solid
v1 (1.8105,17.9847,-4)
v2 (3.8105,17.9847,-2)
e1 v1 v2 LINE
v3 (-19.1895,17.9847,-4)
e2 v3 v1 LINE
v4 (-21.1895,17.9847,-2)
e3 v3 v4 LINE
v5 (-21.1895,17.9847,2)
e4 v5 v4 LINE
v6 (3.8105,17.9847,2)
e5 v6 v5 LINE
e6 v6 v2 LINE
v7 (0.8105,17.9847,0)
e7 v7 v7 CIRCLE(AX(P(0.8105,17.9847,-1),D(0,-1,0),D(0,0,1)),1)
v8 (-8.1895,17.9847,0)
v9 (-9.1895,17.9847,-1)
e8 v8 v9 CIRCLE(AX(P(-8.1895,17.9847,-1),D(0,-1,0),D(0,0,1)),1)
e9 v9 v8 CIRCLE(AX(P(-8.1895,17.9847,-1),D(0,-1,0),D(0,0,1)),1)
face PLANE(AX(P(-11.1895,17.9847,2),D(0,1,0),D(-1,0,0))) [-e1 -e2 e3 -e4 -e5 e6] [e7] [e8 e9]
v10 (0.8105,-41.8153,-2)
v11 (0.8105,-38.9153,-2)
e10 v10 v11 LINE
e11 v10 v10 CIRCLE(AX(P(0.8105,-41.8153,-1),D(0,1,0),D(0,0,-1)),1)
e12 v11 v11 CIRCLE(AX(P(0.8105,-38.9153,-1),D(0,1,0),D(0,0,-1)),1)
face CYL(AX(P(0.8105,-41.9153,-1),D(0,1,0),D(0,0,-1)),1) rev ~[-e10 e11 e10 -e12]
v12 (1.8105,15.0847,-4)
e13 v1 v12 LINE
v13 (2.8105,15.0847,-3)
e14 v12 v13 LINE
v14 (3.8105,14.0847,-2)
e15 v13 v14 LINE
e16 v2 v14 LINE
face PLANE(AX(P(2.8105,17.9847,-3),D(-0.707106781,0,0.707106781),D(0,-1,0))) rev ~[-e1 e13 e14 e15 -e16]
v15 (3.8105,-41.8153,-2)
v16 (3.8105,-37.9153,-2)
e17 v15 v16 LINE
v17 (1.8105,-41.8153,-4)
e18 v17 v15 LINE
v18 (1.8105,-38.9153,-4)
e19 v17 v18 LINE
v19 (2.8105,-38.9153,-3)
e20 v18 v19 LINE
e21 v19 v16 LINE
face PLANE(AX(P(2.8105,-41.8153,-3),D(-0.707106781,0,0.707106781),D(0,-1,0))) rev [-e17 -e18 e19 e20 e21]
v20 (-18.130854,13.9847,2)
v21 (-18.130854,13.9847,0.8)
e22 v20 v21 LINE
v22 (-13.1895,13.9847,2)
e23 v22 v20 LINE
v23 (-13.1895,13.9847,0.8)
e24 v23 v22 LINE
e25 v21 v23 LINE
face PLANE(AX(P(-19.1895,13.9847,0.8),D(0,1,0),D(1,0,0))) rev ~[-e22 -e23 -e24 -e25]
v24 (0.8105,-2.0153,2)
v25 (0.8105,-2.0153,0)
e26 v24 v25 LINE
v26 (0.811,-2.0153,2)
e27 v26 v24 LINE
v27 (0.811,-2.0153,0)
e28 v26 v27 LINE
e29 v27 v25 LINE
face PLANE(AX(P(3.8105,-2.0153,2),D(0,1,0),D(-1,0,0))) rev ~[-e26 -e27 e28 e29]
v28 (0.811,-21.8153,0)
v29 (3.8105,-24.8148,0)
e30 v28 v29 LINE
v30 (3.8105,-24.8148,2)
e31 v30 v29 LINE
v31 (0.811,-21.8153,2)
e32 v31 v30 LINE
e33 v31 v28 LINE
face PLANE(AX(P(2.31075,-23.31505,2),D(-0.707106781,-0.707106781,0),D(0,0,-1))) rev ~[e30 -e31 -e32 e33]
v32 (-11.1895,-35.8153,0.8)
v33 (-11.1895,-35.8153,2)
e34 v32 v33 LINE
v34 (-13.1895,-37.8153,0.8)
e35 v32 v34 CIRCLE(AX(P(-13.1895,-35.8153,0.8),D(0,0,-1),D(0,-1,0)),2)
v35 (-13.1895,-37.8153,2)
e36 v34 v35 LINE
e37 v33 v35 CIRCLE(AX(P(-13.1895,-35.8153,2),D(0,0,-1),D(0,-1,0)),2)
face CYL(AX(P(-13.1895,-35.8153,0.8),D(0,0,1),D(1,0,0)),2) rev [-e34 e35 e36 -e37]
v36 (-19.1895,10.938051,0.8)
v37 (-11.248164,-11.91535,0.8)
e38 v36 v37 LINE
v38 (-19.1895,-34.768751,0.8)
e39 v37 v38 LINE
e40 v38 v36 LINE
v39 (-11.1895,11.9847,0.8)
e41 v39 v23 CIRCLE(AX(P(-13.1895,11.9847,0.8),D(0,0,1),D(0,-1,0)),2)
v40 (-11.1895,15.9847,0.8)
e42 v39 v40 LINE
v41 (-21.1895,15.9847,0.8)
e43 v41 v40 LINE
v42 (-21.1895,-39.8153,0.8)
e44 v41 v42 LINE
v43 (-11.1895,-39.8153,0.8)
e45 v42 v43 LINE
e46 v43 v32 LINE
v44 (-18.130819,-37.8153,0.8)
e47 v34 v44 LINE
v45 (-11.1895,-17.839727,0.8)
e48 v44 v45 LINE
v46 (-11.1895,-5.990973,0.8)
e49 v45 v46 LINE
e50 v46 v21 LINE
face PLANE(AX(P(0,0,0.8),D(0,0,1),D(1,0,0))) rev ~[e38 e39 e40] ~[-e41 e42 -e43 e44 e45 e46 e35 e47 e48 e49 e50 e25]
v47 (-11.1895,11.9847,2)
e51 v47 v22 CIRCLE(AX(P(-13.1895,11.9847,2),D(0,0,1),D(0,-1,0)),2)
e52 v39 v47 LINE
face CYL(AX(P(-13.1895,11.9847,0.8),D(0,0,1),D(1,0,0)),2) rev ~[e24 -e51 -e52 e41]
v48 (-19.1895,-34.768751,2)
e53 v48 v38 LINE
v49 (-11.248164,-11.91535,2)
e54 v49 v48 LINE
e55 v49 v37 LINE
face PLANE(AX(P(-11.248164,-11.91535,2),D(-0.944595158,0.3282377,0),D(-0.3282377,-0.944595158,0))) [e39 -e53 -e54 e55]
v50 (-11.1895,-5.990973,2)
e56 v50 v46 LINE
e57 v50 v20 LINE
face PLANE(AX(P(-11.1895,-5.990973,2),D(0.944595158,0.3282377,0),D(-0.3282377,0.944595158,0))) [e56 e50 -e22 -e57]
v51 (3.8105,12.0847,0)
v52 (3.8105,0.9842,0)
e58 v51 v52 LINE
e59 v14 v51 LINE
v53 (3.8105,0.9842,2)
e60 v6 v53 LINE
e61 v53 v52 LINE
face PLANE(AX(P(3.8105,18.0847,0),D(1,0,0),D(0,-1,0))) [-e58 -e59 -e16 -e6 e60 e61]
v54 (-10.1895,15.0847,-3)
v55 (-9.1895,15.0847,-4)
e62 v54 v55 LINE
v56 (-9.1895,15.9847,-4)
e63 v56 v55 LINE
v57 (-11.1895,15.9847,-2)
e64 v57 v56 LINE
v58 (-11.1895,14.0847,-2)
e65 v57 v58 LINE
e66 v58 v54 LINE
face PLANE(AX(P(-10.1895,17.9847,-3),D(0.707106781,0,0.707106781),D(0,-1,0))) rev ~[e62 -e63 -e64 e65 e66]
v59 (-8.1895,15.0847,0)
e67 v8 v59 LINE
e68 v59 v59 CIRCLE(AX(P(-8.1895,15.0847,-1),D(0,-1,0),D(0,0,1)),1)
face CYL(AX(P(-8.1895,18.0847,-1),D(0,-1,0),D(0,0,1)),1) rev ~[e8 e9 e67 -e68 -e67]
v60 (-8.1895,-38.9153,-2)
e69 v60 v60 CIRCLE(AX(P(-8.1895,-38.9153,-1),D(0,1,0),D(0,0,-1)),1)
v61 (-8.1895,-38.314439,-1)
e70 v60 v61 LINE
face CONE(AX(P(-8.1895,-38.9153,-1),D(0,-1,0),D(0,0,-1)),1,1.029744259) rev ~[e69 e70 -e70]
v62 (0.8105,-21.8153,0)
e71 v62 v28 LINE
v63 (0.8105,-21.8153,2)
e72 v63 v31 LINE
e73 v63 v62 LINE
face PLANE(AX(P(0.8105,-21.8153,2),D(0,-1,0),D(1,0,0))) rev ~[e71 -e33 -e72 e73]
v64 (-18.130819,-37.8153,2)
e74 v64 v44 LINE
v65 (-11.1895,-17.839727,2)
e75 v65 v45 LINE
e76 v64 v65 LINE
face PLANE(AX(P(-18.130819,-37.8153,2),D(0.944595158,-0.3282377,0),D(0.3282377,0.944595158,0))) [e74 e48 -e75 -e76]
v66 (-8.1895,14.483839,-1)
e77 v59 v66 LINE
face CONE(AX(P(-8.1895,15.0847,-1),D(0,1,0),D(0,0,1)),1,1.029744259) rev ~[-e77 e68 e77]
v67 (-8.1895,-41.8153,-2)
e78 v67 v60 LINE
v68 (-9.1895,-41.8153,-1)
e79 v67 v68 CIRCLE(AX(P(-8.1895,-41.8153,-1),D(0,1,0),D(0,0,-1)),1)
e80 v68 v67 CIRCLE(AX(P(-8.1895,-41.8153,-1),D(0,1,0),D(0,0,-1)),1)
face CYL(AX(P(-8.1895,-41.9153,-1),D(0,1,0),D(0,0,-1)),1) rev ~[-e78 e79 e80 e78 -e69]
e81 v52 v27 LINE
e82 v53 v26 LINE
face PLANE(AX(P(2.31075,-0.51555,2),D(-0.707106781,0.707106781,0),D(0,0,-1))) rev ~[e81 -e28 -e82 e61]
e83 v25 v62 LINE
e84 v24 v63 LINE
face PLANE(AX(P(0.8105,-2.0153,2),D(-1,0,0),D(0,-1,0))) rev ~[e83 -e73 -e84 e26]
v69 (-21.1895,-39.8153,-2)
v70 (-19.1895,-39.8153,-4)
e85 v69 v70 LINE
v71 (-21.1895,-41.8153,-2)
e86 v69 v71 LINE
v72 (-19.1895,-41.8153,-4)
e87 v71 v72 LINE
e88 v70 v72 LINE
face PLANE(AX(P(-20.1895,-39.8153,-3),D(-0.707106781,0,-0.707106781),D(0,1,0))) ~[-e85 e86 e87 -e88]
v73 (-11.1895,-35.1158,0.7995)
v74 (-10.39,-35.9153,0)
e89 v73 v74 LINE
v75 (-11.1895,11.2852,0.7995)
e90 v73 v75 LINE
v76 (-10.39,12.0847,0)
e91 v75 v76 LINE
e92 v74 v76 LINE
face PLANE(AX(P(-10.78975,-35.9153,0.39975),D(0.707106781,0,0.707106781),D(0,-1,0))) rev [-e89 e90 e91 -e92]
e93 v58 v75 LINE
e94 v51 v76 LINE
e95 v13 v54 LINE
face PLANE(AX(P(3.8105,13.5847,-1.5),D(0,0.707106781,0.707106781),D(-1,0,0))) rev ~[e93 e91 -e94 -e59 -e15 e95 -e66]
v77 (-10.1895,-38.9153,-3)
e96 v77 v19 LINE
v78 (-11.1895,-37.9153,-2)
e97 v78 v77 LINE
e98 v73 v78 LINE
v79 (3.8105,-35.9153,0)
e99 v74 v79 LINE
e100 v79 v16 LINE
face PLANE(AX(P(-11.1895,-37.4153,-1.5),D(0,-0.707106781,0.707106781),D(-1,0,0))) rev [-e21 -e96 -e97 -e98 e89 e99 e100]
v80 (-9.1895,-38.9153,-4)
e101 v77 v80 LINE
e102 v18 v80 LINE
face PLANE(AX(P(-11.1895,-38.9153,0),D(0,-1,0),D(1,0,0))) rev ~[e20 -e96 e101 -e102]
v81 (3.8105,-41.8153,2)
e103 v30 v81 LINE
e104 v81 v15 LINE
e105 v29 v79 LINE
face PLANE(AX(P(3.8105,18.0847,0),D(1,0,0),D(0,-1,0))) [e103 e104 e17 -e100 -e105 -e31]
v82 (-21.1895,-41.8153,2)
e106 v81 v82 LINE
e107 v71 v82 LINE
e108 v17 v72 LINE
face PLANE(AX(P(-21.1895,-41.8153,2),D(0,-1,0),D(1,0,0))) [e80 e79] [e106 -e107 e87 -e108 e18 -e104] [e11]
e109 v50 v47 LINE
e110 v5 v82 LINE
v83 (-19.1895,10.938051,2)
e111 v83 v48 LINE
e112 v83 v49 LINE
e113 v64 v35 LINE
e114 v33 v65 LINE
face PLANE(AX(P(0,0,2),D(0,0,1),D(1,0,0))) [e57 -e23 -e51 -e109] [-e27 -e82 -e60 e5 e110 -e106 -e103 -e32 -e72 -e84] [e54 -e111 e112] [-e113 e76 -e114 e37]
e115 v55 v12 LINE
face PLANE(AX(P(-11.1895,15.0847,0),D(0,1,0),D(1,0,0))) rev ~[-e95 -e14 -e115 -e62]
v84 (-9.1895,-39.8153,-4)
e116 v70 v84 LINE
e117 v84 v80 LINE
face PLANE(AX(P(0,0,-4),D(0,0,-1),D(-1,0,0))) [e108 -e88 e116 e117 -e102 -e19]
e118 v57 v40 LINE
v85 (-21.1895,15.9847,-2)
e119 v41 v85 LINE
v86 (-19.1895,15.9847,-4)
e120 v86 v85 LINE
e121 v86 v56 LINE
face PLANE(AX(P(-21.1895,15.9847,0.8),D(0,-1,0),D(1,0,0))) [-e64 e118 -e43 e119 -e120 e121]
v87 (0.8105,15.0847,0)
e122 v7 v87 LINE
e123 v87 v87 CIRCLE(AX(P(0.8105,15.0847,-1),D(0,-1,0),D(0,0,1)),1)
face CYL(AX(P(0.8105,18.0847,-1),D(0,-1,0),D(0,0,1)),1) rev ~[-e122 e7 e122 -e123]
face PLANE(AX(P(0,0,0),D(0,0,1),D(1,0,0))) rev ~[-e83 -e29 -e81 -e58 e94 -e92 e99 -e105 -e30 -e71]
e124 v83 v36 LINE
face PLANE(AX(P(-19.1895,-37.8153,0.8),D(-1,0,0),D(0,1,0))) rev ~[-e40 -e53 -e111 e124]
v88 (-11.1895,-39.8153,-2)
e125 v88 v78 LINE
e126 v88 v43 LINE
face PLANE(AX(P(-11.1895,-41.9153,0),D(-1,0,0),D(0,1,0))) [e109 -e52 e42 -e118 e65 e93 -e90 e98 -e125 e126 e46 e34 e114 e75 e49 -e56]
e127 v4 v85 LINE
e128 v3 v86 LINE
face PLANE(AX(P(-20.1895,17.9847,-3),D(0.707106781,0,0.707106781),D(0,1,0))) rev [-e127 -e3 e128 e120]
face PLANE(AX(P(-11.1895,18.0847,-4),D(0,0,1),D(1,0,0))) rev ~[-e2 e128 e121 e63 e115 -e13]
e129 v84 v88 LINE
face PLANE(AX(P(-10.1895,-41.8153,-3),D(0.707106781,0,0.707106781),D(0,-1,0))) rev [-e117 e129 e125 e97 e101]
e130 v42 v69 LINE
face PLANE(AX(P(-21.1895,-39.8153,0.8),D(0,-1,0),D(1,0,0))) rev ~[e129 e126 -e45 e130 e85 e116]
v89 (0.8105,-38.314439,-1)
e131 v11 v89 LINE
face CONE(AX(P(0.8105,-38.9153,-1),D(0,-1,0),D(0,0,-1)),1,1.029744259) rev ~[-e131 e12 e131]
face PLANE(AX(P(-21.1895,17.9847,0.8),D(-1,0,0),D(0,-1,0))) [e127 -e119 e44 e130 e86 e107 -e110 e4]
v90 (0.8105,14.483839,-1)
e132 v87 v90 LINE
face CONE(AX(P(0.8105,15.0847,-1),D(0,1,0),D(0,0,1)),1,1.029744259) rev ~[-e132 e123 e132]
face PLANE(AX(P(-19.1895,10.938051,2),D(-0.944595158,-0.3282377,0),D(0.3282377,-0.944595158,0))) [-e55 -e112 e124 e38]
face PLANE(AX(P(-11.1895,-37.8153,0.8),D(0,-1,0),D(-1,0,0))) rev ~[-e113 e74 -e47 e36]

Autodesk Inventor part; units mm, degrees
ref_plane "YZ Plane" through (0, 0, 0) normal (1, 0, 0) x (0, 1, 0)
ref_plane "XZ Plane" through (0, 0, 0) normal (0, 1, 0) x (-1, 0, 0)
ref_plane "XY Plane" through (0, 0, 0) normal (0, 0, 1) x (1, 0, 0)
sketch "Sketch1" plane through (0, 0, 0) normal (0, 0, 1) x (1, 0, 0)
  line L0 (-11.1895, 18.0847) -> (3.8105, 18.0847)
  line L1 (3.8105, 18.0847) -> (3.8105, -41.9153)
  line L2 (3.8105, -41.9153) -> (-11.1895, -41.9153)
  line L3 (-11.1895, -41.9153) -> (-11.1895, 18.0847)
  point P0 (0, 0)
  dimension "d0" = 15
  dimension "d1" = 60
extrude "Extrusion1" add sketch "Sketch1" along normal blind 2
sketch "Sketch2" plane through (-11.1895, -41.9153, 0) normal (0, -1, 0) x (1, 0, 0)
  line L0 (0, 2) -> (15, 2) projected
  line L1 (0, 2) -> (15, 2)
  line L2 (15, 2) -> (15, -4)
  line L3 (15, -4) -> (0, -4)
  line L4 (0, -4) -> (0, 2)
  line L5 (15, 0) -> (15, 2) projected
  point P0 (11.1895, 0)
  dimension "d4" = 6
extrude "Extrusion2" add sketch "Sketch2" against normal blind 3
sketch "Sketch3" plane through (-11.1895, 18.0847, 0) normal (0, 1, 0) x (1, 0, 0)
  line L0 (0, -2) -> (15, -2) projected
  line L1 (0, -2) -> (0, 4) projected
  line L2 (15, -2) -> (0, -2)
  line L3 (0, -2) -> (0, 4)
  line L4 (0, 4) -> (15, 4)
  line L5 (15, 4) -> (15, -2)
  point P0 (11.1895, 0)
extrude "Extrusion3" add sketch "Sketch3" against normal blind 3
chamfer "Chamfer1" distance 3 angle 45 2 edges at (-3.6895, 15.0847, 0) (-3.6895, -38.9153, 0)
sketch "Sketch4" plane through (-11.1895, -41.9153, 2) normal (0, -1, 0) x (1, 0, 0)
  line L0 (15, -6) -> (15, 0) projected
  line L1 (0, 0) -> (15, 0) projected
  point P0 (11.1895, -2)
  point P1 (12, -3)
  point P2 (3, -3)
  dimension "d12" = 3
  dimension "d13" = 12
  dimension "d14" = 3
  dimension "d15" = 3
hole "Hole1" at (0.8105, -41.9153, -1) at (-8.1895, -41.9153, -1) direction (0, 1, 0) diameter 2 depth 3 tip angle 118
sketch "Sketch5" plane through (-11.1895, 18.0847, 2) normal (0, 1, 0) x (1, 0, 0)
  circle A0 centre (12, 3) radius 1 projected
  circle A1 centre (3, 3) radius 1 projected
  point P0 (11.1895, 2)
hole "Hole2" at (0.8105, 18.0847, -1) at (-8.1895, 18.0847, -1) direction (0, -1, 0) diameter 2 depth 3 tip angle 118
sketch "Sketch6" plane through (0, 0, 2) normal (0, 0, 1) x (1, 0, 0)
  line L0 (3.8105, -41.9153) -> (-11.1895, -41.9153)
  line L1 (-11.1895, -41.9153) -> (-11.1895, -41.8153)
  line L2 (-11.1895, -41.8153) -> (3.8105, -41.8153)
  line L3 (3.8105, -41.8153) -> (3.8105, -41.9153)
  line L4 (3.8105, 17.9847) -> (-11.1895, 17.9847)
  line L5 (-11.1895, 17.9847) -> (-11.1895, 18.0847)
  line L6 (-11.1895, 18.0847) -> (3.8105, 18.0847)
  line L7 (3.8105, 18.0847) -> (3.8105, 17.9847)
  line L8 (3.8105, -41.9153) -> (3.8105, 18.0847) projected
  line L9 (3.8105, 18.0847) -> (-11.1895, 18.0847) projected
  line L10 (-11.1895, 18.0847) -> (-11.1895, -41.9153) projected
  line L11 (-11.1895, -41.9153) -> (3.8105, -41.9153) projected
  point P0 (0, 0)
  dimension "d30" = 0.1
  dimension "d31" = 0.1
extrude "Extrusion4" cut sketch "Sketch6" against normal blind 30 contours L0 L1 L2 L3 | L4 L5 L6 L7
chamfer "Chamfer2" distance 2 angle 45 2 edges at (3.8105, -40.3653, -4) (3.8105, 16.5347, -4)
chamfer "Chamfer3" distance 2 angle 45 2 edges at (-11.1895, 16.5347, -4) (-11.1895, -40.3653, -4)
sketch "Sketch7" plane through (0, 0, 2) normal (0, 0, 1) x (1, 0, 0)
  line L0 (3.8105, -41.8153) -> (3.8105, 17.9847) projected
  line L1 (3.8105, -2.0153) -> (0.8105, -2.0153)
  line L2 (0.8105, -2.0153) -> (0.8105, -21.8153)
  line L3 (0.8105, -21.8153) -> (3.8105, -21.8153)
  line L4 (3.8105, -21.8153) -> (3.8105, -2.0153)
  line L5 (3.8105, 17.9847) -> (-11.1895, 17.9847) projected
  line L6 (-11.1895, -41.8153) -> (3.8105, -41.8153) projected
  point P0 (0, 0)
  dimension "d40" = 3
  dimension "d41" = 20
  dimension "d42" = 20
extrude "Extrusion5" cut sketch "Sketch7" against normal blind 2
chamfer "Chamfer4" distance 3 angle 45 2 edges at (3.8105, -2.0153, 1) (3.8105, -21.8153, 1)
sketch "Sketch8" plane through (0, 0, 2) normal (0, 0, 1) x (1, 0, 0)
  line L0 (-11.1895, 14.0847) -> (-11.1895, 17.9847) projected
  line L1 (-11.1895, 17.9847) -> (-21.1895, 17.9847)
  line L2 (-21.1895, 17.9847) -> (-21.1895, -41.8153)
  line L3 (-21.1895, -41.8153) -> (-11.1895, -41.8153)
  line L4 (-11.1895, -41.8153) -> (-11.1895, 17.9847)
  line L5 (-11.1895, -41.8153) -> (3.8105, -41.8153) projected
  point P0 (0, 0)
  dimension "d48" = 10
extrude "Extrusion6" add sketch "Sketch8" against normal blind 1.2
chamfer "Chamfer5" distance 0.8 angle 45 1 edges at (-11.1895, -11.9153, 0)
sketch "Sketch9" plane through (0, 0, 0.8) normal (0, 0, -1) x (-1, 0, 0)
  line L0 (9.1895, 15.0847) -> (9.1895, 17.9847) projected
  line L1 (21.1895, 17.9847) -> (21.1895, -41.8153) projected
  line L2 (9.1895, 17.9847) -> (21.1895, 17.9847)
  line L3 (21.1895, 17.9847) -> (21.1895, 15.9847)
  line L4 (21.1895, 15.9847) -> (9.1895, 15.9847)
  line L5 (9.1895, 15.9847) -> (9.1895, 17.9847)
  line L6 (9.1895, -38.9153) -> (9.1895, -41.8153) projected
  line L7 (9.1895, -41.8153) -> (21.1895, -41.8153)
  line L8 (21.1895, -41.8153) -> (21.1895, -39.8153)
  line L9 (21.1895, -39.8153) -> (9.1895, -39.8153)
  line L10 (9.1895, -39.8153) -> (9.1895, -41.8153)
  line L11 (21.1895, 17.9847) -> (11.1895, 17.9847) projected
  point P0 (0, 0)
  point P1 (21.1895, -39.8153)
  point P2 (9.1895, -39.8153)
  point P3 (9.1895, 15.9847)
  dimension "d54" = 2
  dimension "d55" = 2
extrude "Extrusion7" add sketch "Sketch9" along normal blind 4.8
chamfer "Chamfer6" distance 2 angle 45 2 edges at (-21.1895, -40.8153, -4) (-21.1895, 16.9847, -4)
sketch "Sketch10" plane through (0, 0, 0.8) normal (0, 0, -1) x (-1, 0, 0)
  line L0 (11.1895, -39.8153) -> (11.1895, -35.1153) projected
  line L1 (11.1895, -37.8153) -> (19.1895, -37.8153)
  line L2 (19.1895, -37.8153) -> (19.1895, 13.9847)
  line L3 (19.1895, 13.9847) -> (11.1895, 13.9847)
  line L4 (11.1895, 13.9847) -> (11.1895, -37.8153)
  line L5 (9.1895, 15.9847) -> (19.1895, 15.9847) projected
  line L6 (21.1895, -39.8153) -> (21.1895, 15.9847) projected
  line L7 (19.1895, -39.8153) -> (9.1895, -39.8153) projected
  point P0 (0, 0)
  dimension "d61" = 2
  dimension "d62" = 2
  dimension "d63" = 2
extrude "Extrusion8" cut sketch "Sketch10" against normal blind 2
fillet "Fillet1" radius 2 2 edges at (-11.1895, 13.9847, 1.4) (-11.1895, -37.8153, 1.4)
sketch "Sketch12" plane through (0, 0, 2) normal (0, 0, 1) x (1, 0, 0)
  line L0 (-11.1895, -35.1153) -> (-11.1895, 11.2847) projected
  line L1 (-19.1895, 13.9847) -> (-13.1895, 13.9847) projected
  line L2 (-13.1895, -37.8153) -> (-19.1895, -37.8153) projected
  line L3 (-19.1895, -37.8153) -> (-19.1895, 13.9847) projected
  line L4 (-19.1895, -37.8153) -> (-10.1895, -11.9153) construction
  line L5 (-18.2449, -38.1436) -> (-9.2449, -12.2436)
  line L6 (-11.1341, -11.5871) -> (-20.1341, -37.4871)
  arc A0 (-20.1341, -37.4871) -> (-18.2449, -38.1436) centre (-19.1895, -37.8153) ccw
  arc A1 (-9.2449, -12.2436) -> (-11.1341, -11.5871) centre (-10.1895, -11.9153) ccw
  line L7 (-10.1895, -11.9153) -> (-19.1895, 13.9847) construction
  line L8 (-9.2449, -11.5871) -> (-18.2449, 14.3129)
  line L9 (-20.1341, 13.6564) -> (-11.1341, -12.2436)
  arc A2 (-11.1341, -12.2436) -> (-9.2449, -11.5871) centre (-10.1895, -11.9153) ccw
  arc A3 (-18.2449, 14.3129) -> (-20.1341, 13.6564) centre (-19.1895, 13.9847) ccw
  point P0 (0, 0)
  point P1 (-11.1895, -11.9153)
  point P2 (-14.6895, -24.8653)
  point P3 (-14.6895, 1.0347)
  point P4 (-19.1895, 10.9381)
  point P5 (-11.2482, -11.9153)
  point P6 (-19.1895, -34.7688)
  point P7 (-18.1309, -37.8153)
  point P8 (-11.1895, -17.8397)
  point P9 (-11.1895, -5.991)
  point P10 (-18.1309, 13.9847)
  dimension "d71" = 1
  dimension "d72" = 51.8
  dimension "d73" = 25.9
  dimension "d74" = 2
  dimension "d75" = 2
extrude "Extrusion10" add sketch "Sketch12" against normal blind 1.2 contours L5 L2 L3 L6 L9 L0 | L9 L6 L0 | L6 L9 L3 L1 L8 L0
properties part number "structural-bar"
